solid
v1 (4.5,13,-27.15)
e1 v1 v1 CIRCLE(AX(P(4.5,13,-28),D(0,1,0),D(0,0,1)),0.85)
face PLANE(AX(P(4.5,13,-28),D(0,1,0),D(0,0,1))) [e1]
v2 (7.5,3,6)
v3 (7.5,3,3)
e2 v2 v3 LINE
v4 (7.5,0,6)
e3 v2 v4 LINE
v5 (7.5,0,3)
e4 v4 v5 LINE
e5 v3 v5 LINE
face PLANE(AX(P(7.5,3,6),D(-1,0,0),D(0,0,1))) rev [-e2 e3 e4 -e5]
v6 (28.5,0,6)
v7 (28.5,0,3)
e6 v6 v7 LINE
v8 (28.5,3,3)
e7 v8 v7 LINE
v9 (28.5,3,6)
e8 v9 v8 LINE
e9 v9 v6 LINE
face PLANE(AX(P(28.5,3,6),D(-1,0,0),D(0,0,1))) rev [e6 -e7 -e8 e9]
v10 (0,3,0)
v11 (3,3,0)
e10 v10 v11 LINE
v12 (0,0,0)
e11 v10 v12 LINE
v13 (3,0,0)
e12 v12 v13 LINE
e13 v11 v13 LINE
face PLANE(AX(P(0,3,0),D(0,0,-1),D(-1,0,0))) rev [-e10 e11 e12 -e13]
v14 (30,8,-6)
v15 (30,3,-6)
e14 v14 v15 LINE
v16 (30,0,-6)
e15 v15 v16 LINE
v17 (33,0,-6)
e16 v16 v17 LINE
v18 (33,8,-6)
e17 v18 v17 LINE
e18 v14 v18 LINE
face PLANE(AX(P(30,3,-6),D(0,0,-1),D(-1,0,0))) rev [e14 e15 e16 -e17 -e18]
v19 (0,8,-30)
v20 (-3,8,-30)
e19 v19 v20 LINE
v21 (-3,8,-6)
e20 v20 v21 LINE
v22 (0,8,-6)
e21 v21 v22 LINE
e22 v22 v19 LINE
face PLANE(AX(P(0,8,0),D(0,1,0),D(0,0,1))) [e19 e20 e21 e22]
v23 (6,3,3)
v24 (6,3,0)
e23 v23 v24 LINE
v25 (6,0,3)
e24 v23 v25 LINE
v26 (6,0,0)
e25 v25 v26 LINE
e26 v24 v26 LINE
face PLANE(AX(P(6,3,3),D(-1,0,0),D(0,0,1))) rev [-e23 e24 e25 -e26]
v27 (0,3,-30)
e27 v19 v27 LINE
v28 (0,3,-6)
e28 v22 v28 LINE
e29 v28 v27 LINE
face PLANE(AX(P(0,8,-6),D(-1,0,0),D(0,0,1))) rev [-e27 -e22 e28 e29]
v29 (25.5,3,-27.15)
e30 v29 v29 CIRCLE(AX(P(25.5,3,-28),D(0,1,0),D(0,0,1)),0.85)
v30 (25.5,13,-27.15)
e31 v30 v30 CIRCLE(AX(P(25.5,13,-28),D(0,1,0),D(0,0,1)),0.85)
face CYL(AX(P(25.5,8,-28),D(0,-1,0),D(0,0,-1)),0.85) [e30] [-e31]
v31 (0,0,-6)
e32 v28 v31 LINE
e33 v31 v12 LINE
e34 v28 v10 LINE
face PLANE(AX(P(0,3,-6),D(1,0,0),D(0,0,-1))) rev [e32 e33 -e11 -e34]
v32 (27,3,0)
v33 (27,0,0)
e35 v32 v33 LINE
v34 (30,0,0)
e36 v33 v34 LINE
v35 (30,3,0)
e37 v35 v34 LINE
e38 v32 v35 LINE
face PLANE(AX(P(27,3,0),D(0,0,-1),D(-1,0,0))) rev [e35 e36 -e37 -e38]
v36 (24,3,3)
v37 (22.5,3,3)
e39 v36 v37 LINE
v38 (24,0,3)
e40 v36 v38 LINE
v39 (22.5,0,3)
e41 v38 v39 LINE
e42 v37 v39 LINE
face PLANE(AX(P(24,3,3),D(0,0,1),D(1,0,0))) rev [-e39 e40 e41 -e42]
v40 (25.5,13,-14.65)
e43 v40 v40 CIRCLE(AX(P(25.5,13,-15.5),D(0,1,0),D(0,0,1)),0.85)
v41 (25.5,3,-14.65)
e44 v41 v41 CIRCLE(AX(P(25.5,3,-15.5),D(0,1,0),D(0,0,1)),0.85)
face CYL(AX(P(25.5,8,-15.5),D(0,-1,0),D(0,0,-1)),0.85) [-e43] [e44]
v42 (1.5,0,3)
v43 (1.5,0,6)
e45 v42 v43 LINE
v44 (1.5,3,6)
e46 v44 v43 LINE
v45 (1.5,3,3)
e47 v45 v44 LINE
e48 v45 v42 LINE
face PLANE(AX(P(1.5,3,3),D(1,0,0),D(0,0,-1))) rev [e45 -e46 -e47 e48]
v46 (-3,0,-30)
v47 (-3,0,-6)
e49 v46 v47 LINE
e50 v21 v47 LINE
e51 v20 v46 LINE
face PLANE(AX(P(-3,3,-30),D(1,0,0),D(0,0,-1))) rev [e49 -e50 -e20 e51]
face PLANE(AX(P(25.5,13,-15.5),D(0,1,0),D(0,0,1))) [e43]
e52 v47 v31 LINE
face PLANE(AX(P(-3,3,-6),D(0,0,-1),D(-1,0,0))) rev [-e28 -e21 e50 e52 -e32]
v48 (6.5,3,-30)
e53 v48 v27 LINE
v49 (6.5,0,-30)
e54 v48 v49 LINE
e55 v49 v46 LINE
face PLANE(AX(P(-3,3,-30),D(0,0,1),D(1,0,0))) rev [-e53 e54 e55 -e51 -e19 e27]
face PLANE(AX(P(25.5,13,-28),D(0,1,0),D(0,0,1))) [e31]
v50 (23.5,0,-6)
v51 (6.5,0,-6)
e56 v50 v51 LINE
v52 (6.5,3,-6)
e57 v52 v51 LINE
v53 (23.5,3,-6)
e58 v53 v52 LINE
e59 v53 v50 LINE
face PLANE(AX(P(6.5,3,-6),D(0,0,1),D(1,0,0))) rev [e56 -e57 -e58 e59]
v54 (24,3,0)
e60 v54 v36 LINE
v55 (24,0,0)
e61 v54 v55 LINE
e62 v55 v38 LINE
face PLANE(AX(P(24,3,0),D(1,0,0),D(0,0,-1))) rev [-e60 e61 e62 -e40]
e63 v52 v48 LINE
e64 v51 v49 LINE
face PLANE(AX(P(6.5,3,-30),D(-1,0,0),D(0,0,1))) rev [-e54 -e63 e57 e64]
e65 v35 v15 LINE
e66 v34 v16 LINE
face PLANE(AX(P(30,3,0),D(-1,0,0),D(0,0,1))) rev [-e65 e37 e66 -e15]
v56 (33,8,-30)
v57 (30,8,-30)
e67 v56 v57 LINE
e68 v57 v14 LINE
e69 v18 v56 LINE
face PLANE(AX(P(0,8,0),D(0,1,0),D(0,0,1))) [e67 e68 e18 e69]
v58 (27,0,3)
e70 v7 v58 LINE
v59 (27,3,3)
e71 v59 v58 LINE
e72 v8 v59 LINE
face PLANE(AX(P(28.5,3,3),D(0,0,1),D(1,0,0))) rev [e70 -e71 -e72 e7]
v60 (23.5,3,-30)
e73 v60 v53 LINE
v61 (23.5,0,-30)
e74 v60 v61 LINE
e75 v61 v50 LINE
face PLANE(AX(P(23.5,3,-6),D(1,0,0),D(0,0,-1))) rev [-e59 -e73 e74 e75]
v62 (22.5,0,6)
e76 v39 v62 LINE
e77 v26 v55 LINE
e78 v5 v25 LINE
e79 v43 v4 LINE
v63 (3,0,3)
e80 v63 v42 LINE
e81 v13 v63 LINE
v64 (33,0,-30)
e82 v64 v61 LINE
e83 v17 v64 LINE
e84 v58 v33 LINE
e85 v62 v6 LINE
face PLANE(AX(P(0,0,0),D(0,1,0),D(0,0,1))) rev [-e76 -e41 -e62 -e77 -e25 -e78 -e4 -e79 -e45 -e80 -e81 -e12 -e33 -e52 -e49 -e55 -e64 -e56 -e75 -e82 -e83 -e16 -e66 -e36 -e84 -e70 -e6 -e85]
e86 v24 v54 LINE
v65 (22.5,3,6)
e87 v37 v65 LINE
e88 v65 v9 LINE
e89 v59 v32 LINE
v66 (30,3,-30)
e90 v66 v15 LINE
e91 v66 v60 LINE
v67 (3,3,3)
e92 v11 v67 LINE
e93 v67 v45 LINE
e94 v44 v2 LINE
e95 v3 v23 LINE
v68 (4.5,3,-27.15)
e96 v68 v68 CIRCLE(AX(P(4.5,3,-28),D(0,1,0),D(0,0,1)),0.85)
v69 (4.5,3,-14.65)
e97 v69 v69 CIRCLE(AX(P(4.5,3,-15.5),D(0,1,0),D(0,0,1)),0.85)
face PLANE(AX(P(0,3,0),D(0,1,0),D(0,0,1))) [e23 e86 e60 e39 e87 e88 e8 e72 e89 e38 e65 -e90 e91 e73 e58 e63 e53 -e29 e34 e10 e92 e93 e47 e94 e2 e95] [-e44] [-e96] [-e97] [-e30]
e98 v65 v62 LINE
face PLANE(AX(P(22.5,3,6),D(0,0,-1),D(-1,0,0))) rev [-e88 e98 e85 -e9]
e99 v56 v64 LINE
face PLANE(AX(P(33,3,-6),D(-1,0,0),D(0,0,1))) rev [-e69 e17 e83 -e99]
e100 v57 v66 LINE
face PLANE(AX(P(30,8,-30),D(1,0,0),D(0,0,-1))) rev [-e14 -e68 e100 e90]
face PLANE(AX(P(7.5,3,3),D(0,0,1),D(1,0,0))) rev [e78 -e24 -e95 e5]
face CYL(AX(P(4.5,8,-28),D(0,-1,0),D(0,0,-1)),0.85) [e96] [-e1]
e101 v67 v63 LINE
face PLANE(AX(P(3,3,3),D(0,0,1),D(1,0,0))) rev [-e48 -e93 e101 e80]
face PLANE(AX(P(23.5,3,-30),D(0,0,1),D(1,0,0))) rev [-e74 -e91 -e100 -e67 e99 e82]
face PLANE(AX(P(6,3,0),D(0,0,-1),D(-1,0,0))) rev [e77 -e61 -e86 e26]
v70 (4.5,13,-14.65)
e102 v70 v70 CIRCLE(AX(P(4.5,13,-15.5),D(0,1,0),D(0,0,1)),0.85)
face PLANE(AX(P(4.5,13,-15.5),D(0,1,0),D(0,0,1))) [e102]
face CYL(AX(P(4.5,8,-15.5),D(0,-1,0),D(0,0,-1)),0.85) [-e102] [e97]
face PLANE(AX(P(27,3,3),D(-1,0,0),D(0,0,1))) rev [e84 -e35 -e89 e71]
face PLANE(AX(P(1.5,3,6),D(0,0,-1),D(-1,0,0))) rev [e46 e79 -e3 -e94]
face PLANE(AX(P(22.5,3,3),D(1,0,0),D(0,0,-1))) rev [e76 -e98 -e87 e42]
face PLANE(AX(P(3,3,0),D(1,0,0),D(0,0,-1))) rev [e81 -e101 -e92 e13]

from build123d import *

# Parameters (mm, degrees)
BOSS_EXTRUDE1_DEPTH = 3
SKETCH2_R           = 0.85
SKETCH2_W           = 3
SKETCH2_H           = 24
BOSS_EXTRUDE2_DEPTH = 5
SKETCH3_R           = 0.85
BOSS_EXTRUDE3_DEPTH = 5


with BuildPart() as part:
    # Sketch1 → Boss-Extrude1 (new body)
    with BuildSketch(Plane(origin=(0, 0, 0), x_dir=(1, 0, 0), z_dir=(0, 1, 0))):
        Polygon((0, 0), (3, 0), (3, -3), (1.5, -3), (1.5, -6), (7.5, -6), (7.5, -3), (6, -3), (6, 0), (24, 0), (24, -3), (22.5, -3), (22.5, -6), (28.5, -6), (28.5, -3), (27, -3), (27, 0), (30, 0), (30, 6), (33, 6), (33, 30), (23.5, 30), (23.5, 6), (6.5, 6), (6.5, 30), (-3, 30), (-3, 6), (0, 6), align=None)
    extrude(amount=BOSS_EXTRUDE1_DEPTH)

    # Sketch2 → Boss-Extrude2 (add)
    with BuildSketch(Plane(origin=(0, 3, 0), x_dir=(1, 0, 0), z_dir=(0, 1, 0))):
        with Locations(Location((4.5, 28, 0), (0, 0, 270))):
            Circle(SKETCH2_R)
        with Locations(Location((25.5, 28, 0), (0, 0, 270))):
            Circle(SKETCH2_R)
        with Locations(Location((25.5, 15.5, 0), (0, 0, 270))):
            Circle(SKETCH2_R)
        with Locations(Location((4.5, 15.5, 0), (0, 0, 270))):
            Circle(SKETCH2_R)
        with Locations((-1.5, 18)):
            Rectangle(SKETCH2_W, SKETCH2_H)
        with Locations((31.5, 18)):
            Rectangle(SKETCH2_W, SKETCH2_H)
    extrude(amount=BOSS_EXTRUDE2_DEPTH)

    # Sketch3 → Boss-Extrude3 (add)
    with BuildSketch(Plane(origin=(0, 8, 0), x_dir=(1, 0, 0), z_dir=(0, 1, 0))):
        with Locations(Location((4.5, 28, 0), (0, 0, 270))):
            Circle(SKETCH3_R)
        with Locations(Location((25.5, 28, 0), (0, 0, 270))):
            Circle(SKETCH3_R)
        with Locations(Location((25.5, 15.5, 0), (0, 0, 270))):
            Circle(SKETCH3_R)
        with Locations(Location((4.5, 15.5, 0), (0, 0, 270))):
            Circle(SKETCH3_R)
    extrude(amount=BOSS_EXTRUDE3_DEPTH)


solid = part.part
